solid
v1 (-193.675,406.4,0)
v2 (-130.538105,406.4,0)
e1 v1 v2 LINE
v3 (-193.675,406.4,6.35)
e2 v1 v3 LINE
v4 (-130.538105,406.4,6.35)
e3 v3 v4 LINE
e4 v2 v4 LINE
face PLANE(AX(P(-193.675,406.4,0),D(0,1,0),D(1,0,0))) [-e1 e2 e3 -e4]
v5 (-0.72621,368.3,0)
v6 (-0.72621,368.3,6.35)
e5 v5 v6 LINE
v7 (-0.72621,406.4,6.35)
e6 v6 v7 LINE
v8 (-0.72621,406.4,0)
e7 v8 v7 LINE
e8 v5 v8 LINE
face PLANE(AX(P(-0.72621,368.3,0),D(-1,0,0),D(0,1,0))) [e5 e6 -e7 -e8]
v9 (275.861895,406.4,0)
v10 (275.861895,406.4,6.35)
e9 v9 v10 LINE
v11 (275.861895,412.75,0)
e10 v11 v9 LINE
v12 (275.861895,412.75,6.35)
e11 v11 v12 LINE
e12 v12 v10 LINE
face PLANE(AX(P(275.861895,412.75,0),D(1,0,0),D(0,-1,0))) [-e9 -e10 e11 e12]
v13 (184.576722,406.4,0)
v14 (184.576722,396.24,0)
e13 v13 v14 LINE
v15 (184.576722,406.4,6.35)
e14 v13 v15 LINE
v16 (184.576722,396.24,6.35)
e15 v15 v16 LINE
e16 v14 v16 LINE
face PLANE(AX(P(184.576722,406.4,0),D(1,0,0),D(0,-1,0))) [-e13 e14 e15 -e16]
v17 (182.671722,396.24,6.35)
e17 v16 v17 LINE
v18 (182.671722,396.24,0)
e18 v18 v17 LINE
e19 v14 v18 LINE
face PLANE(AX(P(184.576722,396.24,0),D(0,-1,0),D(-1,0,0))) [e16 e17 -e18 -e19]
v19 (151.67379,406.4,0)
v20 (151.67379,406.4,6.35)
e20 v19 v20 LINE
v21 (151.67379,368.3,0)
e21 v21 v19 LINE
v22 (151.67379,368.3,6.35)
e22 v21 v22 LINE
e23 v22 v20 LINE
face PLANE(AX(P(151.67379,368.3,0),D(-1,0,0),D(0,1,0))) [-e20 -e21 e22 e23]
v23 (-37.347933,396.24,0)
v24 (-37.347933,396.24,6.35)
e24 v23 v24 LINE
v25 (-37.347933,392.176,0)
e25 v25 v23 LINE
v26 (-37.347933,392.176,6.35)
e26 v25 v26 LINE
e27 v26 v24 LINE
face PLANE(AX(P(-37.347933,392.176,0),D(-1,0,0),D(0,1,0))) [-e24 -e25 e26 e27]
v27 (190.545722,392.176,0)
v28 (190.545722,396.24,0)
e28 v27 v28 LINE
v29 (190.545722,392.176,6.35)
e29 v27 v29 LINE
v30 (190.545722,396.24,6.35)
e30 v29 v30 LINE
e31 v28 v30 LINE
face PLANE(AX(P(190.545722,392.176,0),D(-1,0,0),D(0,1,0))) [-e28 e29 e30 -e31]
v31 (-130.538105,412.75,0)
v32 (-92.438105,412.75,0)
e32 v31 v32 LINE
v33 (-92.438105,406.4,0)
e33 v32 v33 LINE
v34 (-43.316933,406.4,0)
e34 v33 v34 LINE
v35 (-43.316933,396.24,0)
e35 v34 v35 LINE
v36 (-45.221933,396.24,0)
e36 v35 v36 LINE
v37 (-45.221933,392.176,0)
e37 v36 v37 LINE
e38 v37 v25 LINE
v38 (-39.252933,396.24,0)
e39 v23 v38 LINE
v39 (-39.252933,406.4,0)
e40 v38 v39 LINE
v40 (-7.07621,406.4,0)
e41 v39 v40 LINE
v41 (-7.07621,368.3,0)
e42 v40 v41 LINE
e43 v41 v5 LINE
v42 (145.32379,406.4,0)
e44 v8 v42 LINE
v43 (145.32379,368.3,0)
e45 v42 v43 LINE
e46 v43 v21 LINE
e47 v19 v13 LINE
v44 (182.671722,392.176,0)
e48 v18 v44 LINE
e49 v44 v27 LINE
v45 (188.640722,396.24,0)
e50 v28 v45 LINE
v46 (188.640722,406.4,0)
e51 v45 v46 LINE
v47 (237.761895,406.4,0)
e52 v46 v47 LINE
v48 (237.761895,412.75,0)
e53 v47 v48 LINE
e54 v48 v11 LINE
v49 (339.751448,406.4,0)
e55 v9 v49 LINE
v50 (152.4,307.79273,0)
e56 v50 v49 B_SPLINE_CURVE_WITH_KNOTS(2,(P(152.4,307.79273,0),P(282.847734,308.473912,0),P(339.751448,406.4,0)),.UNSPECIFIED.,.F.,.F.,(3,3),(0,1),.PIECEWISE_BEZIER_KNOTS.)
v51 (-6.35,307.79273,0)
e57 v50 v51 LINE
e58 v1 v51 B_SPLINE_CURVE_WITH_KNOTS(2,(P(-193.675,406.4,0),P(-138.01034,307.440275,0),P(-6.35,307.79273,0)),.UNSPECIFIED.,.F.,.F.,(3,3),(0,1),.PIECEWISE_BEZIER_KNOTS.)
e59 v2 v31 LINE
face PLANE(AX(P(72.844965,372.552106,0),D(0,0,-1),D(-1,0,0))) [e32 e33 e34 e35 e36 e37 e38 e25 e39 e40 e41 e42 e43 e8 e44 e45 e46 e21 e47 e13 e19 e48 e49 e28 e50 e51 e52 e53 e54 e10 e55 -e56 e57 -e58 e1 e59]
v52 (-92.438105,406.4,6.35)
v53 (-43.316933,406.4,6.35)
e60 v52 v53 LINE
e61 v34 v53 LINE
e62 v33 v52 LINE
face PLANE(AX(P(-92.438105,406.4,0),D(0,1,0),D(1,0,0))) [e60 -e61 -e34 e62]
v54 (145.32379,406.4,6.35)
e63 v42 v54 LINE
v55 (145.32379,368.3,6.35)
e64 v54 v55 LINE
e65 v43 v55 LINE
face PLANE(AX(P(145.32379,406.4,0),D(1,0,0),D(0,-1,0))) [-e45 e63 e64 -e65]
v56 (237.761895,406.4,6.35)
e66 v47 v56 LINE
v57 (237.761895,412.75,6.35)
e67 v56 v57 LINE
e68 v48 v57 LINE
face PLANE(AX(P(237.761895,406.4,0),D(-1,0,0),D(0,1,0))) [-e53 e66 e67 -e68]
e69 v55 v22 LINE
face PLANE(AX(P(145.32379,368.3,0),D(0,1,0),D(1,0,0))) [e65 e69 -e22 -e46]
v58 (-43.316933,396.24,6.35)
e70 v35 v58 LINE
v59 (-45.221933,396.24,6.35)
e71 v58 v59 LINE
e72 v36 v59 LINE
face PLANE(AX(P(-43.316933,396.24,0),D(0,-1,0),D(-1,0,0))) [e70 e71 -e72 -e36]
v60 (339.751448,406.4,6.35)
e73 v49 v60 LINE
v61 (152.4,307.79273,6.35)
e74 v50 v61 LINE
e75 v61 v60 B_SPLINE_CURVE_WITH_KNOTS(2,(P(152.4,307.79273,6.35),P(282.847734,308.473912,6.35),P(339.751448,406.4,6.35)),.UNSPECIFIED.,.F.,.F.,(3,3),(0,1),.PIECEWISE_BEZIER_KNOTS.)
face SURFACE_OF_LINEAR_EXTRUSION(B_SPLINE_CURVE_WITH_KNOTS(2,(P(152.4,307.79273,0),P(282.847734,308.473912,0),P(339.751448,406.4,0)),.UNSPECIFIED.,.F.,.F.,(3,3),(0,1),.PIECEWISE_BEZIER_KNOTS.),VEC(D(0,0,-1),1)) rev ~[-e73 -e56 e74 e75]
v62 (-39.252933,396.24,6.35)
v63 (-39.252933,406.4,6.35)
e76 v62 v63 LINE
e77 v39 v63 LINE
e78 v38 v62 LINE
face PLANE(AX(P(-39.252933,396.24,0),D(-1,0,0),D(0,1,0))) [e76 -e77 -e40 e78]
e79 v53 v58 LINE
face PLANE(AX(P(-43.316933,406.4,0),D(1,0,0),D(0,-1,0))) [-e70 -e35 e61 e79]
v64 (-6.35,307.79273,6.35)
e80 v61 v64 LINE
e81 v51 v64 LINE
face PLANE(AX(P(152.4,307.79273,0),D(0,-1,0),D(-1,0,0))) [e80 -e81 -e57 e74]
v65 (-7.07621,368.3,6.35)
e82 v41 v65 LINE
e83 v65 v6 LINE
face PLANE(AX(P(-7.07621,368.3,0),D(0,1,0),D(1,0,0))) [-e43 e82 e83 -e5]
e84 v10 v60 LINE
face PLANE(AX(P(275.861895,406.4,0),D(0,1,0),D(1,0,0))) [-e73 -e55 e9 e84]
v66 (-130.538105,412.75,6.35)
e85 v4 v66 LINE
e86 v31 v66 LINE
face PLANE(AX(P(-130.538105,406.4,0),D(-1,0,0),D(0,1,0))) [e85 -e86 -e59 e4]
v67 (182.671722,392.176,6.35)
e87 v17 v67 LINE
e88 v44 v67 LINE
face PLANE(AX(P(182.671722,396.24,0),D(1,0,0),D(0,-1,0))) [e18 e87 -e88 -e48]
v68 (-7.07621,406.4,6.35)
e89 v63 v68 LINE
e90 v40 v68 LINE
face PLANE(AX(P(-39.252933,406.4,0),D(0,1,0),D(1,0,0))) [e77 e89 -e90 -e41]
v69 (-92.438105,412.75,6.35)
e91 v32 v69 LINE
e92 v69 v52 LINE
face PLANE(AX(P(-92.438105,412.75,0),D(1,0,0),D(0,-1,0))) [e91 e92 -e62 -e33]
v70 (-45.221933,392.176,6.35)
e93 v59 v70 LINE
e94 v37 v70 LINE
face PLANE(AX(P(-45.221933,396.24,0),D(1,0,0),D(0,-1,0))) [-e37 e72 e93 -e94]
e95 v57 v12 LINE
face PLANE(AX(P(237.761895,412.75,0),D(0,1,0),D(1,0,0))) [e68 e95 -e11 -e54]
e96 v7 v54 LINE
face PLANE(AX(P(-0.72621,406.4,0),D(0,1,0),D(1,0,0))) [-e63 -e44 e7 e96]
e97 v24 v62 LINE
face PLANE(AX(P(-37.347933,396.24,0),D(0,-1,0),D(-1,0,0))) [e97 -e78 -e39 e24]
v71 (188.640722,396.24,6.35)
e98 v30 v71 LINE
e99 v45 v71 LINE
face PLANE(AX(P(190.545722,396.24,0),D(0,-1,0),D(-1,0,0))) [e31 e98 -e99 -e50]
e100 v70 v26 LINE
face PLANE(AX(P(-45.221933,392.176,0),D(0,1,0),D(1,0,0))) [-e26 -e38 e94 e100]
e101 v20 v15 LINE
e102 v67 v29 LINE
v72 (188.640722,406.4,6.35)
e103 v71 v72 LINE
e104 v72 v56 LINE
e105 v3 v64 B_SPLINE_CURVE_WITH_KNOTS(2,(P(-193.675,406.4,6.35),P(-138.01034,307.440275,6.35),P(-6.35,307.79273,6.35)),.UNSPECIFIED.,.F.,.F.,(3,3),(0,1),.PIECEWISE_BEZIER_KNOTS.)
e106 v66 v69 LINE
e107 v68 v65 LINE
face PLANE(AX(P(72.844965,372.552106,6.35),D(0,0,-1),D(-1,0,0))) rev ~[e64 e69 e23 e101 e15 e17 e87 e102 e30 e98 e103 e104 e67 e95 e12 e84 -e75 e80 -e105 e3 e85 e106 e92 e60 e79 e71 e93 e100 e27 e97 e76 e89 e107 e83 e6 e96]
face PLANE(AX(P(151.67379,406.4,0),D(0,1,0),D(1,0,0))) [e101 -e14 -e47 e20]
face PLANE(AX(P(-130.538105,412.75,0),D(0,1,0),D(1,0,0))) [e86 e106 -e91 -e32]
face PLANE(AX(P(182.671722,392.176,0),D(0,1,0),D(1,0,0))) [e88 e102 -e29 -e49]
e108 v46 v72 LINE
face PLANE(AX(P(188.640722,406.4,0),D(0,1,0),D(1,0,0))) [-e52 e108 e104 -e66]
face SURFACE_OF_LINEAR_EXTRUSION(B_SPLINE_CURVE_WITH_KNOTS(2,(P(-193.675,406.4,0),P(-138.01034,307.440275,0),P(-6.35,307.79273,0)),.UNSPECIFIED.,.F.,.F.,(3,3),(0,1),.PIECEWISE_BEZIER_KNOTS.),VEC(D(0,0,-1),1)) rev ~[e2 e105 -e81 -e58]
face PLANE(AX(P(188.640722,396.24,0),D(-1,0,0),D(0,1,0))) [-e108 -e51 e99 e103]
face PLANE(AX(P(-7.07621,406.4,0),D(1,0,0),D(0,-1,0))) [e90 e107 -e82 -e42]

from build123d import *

# Parameters (mm, degrees)
BOSS_EXTRUDE13_DEPTH = 6.35


with BuildPart() as part:
    # Sketch1 → Boss-Extrude13 (new body)
    with BuildSketch(Plane.XY):
        with BuildLine():
            Line((-193.675, 406.4), (-130.538105188, 406.4))
            Line((-130.538105188, 406.4), (-130.538105188, 412.75))
            Line((-130.538105188, 412.75), (-92.438105188, 412.75))
            Line((-92.438105188, 412.75), (-92.438105188, 406.4))
            Line((-92.438105188, 406.4), (-43.316932521, 406.4))
            Line((-43.316932521, 406.4), (-43.316932521, 396.24))
            Line((-43.316932521, 396.24), (-45.221932521, 396.24))
            Line((-45.221932521, 396.24), (-45.221932521, 392.176))
            Line((-45.221932521, 392.176), (-37.347932521, 392.176))
            Line((-37.347932521, 392.176), (-37.347932521, 396.24))
            Line((-37.347932521, 396.24), (-39.252932521, 396.24))
            Line((-39.252932521, 396.24), (-39.252932521, 406.4))
            Line((-39.252932521, 406.4), (-7.076210377, 406.4))
            Line((-7.076210377, 406.4), (-7.076210377, 368.3))
            Line((-7.076210377, 368.3), (-6.35, 368.3))
            Line((-6.35, 368.3), (-0.726210377, 368.3))
            Line((-0.726210377, 368.3), (-0.726210377, 406.4))
            Line((-0.726210377, 406.4), (0, 406.4))
            Line((0, 406.4), (145.323789623, 406.4))
            Line((145.323789623, 406.4), (145.323789623, 368.3))
            Line((145.323789623, 368.3), (151.673789623, 368.3))
            Line((151.673789623, 368.3), (151.673789623, 406.4))
            Line((151.673789623, 406.4), (152.4, 406.4))
            Line((152.4, 406.4), (184.576722144, 406.4))
            Line((184.576722144, 406.4), (184.576722144, 396.24))
            Line((184.576722144, 396.24), (182.671722144, 396.24))
            Line((182.671722144, 396.24), (182.671722144, 392.176))
            Line((182.671722144, 392.176), (190.545722144, 392.176))
            Line((190.545722144, 392.176), (190.545722144, 396.24))
            Line((190.545722144, 396.24), (188.640722144, 396.24))
            Line((188.640722144, 396.24), (188.640722144, 406.4))
            Line((188.640722144, 406.4), (237.761894812, 406.4))
            Line((237.761894812, 406.4), (237.761894812, 412.75))
            Line((237.761894812, 412.75), (275.861894812, 412.75))
            Line((275.861894812, 412.75), (275.861894812, 406.4))
            Line((275.861894812, 406.4), (339.75144841, 406.4))
            add(Edge.make_bspline(
                [(152.4, 307.792730185), (282.8477338, 308.473912291), (339.75144841, 406.4)],
                knots=[0, 0, 0, 1, 1, 1], degree=2))
            Line((152.4, 307.792730185), (-6.35, 307.792730185))
            add(Edge.make_bspline(
                [(-193.675, 406.4), (-138.010339731, 307.440275388), (-6.35, 307.792730185)],
                knots=[0, 0, 0, 1, 1, 1], degree=2))
        make_face()
    extrude(amount=BOSS_EXTRUDE13_DEPTH)


solid = part.part
